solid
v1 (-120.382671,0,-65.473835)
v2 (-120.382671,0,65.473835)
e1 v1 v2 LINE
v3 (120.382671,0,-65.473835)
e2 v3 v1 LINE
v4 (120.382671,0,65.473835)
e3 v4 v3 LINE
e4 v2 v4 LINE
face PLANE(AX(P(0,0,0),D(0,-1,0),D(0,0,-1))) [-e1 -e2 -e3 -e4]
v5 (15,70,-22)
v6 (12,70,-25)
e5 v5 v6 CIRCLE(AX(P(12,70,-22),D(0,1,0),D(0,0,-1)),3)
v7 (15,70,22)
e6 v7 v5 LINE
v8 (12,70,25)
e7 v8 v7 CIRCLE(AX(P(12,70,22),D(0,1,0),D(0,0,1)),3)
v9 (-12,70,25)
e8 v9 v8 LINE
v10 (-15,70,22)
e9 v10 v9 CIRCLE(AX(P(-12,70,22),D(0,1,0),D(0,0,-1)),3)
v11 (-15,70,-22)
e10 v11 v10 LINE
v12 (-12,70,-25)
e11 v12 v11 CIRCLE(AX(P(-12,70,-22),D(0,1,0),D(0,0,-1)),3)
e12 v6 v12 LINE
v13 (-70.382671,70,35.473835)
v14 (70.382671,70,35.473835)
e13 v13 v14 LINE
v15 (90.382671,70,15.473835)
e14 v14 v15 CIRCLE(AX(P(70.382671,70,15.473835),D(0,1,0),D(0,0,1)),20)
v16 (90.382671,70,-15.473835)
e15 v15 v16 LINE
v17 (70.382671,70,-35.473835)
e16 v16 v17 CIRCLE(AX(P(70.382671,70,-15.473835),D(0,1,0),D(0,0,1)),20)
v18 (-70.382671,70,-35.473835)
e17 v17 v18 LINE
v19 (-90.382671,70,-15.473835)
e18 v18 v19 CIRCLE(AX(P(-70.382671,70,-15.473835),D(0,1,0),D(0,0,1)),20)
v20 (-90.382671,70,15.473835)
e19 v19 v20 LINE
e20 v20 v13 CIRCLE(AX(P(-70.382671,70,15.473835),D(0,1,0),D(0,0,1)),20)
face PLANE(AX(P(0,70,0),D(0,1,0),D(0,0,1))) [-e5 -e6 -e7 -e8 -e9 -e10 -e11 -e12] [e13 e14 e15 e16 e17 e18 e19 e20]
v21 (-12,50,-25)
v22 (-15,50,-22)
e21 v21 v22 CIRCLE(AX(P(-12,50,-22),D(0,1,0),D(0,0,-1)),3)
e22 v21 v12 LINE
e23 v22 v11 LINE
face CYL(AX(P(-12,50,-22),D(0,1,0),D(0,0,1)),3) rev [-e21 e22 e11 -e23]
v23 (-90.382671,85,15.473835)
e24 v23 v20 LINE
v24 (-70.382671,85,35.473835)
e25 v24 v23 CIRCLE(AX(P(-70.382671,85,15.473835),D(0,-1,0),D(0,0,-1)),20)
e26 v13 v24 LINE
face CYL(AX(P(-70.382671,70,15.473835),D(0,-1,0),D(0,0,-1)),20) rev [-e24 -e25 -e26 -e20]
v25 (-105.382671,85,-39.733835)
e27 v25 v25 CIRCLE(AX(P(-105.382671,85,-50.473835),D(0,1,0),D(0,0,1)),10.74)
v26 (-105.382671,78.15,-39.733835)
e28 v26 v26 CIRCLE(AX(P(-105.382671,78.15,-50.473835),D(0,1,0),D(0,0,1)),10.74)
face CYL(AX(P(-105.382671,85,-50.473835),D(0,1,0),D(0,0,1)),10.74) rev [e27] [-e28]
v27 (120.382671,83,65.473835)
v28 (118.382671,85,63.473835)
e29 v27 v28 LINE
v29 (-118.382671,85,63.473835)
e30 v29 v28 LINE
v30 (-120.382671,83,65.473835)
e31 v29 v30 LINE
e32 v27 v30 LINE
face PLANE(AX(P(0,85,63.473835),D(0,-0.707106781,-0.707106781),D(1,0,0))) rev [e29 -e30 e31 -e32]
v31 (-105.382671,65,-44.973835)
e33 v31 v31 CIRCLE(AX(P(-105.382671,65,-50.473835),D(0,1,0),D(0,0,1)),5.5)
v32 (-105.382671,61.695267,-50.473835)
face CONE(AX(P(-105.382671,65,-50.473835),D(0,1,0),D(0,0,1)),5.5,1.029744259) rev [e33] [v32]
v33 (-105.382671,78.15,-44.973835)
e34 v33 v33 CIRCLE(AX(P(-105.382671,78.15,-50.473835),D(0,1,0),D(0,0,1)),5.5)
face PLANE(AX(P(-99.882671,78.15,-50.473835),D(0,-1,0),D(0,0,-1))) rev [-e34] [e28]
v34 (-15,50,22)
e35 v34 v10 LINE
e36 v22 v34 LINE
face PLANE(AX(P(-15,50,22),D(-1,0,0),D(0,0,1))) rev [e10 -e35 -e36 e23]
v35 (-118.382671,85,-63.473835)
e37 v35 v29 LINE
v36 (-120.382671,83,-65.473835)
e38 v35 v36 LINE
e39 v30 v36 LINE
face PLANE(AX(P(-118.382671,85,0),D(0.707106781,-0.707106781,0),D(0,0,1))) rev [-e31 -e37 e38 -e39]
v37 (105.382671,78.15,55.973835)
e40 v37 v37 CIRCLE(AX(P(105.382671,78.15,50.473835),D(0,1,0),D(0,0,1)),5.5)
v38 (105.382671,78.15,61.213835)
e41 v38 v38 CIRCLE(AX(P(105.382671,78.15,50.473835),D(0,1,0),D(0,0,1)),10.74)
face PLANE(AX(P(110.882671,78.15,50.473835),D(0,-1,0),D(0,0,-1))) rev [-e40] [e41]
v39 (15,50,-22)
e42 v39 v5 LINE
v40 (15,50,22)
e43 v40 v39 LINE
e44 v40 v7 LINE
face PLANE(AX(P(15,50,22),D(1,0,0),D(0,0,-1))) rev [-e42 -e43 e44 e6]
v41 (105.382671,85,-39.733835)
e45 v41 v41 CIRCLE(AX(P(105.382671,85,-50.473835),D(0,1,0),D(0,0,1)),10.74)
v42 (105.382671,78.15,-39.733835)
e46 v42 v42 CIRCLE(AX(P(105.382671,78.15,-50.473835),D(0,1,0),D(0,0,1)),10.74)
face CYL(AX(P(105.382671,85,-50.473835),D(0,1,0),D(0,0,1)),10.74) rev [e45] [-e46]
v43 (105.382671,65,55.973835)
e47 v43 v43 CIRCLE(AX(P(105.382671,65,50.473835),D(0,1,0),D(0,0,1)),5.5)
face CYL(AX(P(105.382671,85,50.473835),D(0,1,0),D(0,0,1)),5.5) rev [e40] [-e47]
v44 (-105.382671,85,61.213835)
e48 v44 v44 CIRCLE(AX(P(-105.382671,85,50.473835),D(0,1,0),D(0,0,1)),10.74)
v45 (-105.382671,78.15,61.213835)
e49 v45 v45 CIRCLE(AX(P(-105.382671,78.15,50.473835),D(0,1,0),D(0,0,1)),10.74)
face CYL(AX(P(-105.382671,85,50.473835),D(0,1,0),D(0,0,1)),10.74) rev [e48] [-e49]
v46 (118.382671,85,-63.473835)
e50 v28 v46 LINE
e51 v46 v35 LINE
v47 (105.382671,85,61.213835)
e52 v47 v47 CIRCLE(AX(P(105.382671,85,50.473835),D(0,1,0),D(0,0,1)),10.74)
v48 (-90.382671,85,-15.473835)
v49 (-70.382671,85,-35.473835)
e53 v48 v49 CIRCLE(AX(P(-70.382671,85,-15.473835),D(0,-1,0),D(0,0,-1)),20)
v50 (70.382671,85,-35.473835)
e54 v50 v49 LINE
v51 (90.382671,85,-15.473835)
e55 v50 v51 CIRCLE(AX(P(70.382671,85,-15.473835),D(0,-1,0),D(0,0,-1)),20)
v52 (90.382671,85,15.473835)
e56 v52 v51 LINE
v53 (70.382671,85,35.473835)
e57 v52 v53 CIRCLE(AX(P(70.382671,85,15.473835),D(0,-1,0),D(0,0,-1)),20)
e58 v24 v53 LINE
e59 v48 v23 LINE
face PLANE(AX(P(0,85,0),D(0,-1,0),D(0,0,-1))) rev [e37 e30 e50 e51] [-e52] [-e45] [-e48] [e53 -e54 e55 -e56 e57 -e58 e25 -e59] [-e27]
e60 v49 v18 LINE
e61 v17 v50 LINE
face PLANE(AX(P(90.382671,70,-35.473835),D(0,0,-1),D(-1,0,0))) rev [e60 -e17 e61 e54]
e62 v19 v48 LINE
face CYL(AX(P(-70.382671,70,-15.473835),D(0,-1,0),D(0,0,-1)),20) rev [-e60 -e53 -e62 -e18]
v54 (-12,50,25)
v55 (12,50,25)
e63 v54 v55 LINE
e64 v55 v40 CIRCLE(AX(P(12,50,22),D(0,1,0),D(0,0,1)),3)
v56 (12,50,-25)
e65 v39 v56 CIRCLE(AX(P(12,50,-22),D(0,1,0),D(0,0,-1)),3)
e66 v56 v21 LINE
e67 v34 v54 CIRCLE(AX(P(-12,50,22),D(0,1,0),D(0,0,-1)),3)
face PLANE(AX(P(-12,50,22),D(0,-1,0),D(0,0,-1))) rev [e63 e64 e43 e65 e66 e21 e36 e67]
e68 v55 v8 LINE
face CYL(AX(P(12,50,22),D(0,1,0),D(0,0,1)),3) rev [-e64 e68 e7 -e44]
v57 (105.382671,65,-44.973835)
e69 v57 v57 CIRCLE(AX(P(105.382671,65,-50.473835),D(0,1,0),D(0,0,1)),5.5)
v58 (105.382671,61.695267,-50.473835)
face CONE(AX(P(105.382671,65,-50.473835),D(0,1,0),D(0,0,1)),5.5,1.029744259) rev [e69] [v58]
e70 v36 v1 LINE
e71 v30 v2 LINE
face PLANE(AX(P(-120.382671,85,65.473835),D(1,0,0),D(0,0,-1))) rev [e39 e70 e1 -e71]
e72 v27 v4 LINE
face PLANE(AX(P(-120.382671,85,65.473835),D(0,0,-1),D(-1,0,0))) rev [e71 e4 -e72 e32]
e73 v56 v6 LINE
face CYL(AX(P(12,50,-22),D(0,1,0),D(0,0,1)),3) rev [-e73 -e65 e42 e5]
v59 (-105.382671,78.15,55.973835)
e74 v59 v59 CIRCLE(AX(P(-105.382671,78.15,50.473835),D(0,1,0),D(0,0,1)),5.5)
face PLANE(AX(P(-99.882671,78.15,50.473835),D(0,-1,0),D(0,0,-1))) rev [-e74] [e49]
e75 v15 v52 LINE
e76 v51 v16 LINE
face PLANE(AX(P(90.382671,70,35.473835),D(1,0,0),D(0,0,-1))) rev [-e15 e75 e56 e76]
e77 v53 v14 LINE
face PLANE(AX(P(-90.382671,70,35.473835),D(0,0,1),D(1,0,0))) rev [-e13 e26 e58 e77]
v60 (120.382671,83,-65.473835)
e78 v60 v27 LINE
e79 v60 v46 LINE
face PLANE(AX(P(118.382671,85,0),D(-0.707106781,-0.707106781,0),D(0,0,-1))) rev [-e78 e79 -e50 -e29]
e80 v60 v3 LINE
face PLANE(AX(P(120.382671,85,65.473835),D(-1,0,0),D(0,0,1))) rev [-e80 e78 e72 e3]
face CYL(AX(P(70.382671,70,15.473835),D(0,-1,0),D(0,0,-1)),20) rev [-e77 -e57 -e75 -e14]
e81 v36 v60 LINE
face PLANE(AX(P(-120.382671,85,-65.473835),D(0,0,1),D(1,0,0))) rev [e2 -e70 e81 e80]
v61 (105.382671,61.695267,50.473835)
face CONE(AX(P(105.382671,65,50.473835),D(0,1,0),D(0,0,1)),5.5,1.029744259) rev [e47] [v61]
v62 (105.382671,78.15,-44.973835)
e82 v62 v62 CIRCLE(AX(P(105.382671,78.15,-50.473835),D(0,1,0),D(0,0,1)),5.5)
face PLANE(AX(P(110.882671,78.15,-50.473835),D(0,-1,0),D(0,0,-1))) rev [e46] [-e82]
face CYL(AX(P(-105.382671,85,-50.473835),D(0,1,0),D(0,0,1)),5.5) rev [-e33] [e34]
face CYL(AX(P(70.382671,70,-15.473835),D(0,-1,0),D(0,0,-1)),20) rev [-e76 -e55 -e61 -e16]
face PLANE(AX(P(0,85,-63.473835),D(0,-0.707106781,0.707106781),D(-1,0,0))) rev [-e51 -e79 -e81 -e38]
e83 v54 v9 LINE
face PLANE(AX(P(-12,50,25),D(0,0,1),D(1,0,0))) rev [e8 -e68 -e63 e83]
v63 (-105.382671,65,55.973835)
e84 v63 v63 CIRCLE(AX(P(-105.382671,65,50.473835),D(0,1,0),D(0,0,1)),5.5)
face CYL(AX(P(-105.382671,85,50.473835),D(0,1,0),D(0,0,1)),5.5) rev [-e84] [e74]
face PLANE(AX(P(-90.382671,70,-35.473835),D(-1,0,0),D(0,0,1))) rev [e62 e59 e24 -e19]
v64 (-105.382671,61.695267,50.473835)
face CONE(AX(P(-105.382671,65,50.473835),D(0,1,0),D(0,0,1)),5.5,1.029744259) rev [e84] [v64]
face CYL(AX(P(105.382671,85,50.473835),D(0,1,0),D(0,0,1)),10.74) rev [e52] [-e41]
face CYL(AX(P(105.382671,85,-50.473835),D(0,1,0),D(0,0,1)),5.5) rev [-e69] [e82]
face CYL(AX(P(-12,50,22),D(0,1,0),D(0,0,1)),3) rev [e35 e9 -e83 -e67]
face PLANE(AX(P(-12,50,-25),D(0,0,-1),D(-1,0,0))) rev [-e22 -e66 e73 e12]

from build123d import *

# Parameters (mm, degrees)
SKETCH3_W                                = 240.765342714
SKETCH3_H                                = 130.947670476
BOSS_EXTRUDE2_DEPTH                      = 85
SKETCH4_W                                = 180.765342714
SKETCH4_H                                = 70.947670476
CUT_EXTRUDE1_DEPTH                       = 15
CBORE_FOR_M10_HEX_HEAD_BOLT1_D           = 11
CBORE_FOR_M10_HEX_HEAD_BOLT1_DEPTH       = 20
CBORE_FOR_M10_HEX_HEAD_BOLT1_CBORE_D     = 21.48
CBORE_FOR_M10_HEX_HEAD_BOLT1_CBORE_DEPTH = 6.85
CBORE_FOR_M10_HEX_HEAD_BOLT1_TIP         = 3.304733405
FILLET1_R                                = 20
CHAMFER1_SIZE                            = 2
CUT_EXTRUDE2_DEPTH                       = 20


with BuildPart() as part:
    # Sketch3 → Boss-Extrude2 (new body)
    with BuildSketch(Plane(origin=(0, 0, 0), x_dir=(1, 0, 0), z_dir=(0, 1, 0))):
        Rectangle(SKETCH3_W, SKETCH3_H)
    extrude(amount=BOSS_EXTRUDE2_DEPTH)

    # Sketch4 → Cut-Extrude1 (cut)
    with BuildSketch(Plane(origin=(0, 85, 0), x_dir=(1, 0, 0), z_dir=(0, 1, 0))):
        Rectangle(SKETCH4_W, SKETCH4_H)
    extrude(amount=-CUT_EXTRUDE1_DEPTH, mode=Mode.SUBTRACT)

    # CBORE for M10 Hex Head Bolt1
    with Locations(Plane(origin=(-105.382671357, 85, -50.473835238), x_dir=(0, 0, 1), z_dir=(0, 1, 0))):
        with Locations((0, 0), (100.947670476, 0), (0, 210.765342714), (100.947670476, 210.765342714)):
            CounterBoreHole(CBORE_FOR_M10_HEX_HEAD_BOLT1_D / 2, CBORE_FOR_M10_HEX_HEAD_BOLT1_CBORE_D / 2, CBORE_FOR_M10_HEX_HEAD_BOLT1_CBORE_DEPTH, depth=CBORE_FOR_M10_HEX_HEAD_BOLT1_DEPTH)
            with Locations((0, 0, -(CBORE_FOR_M10_HEX_HEAD_BOLT1_DEPTH + CBORE_FOR_M10_HEX_HEAD_BOLT1_TIP / 2))):  # 118° drill point
                Cone(0, CBORE_FOR_M10_HEX_HEAD_BOLT1_D / 2, CBORE_FOR_M10_HEX_HEAD_BOLT1_TIP, mode=Mode.SUBTRACT)

    # Fillet1
    fillet1_edges = [part.edges().sort_by_distance(p)[0] for p in [
        (90.382671357, 77.5, 35.473835238),
        (-90.382671357, 77.5, 35.473835238),
        (-90.382671357, 77.5, -35.473835238),
        (90.382671357, 77.5, -35.473835238),
    ]]
    fillet(fillet1_edges, radius=FILLET1_R)

    # Chamfer1
    chamfer1_edges = [part.edges().sort_by_distance(p)[0] for p in [
        (-120.382671357, 85, 0),
        (0, 85, 65.473835238),
        (120.382671357, 85, 0),
        (0, 85, -65.473835238),
    ]]
    chamfer(chamfer1_edges, length=CHAMFER1_SIZE)

    # Sketch7 → Cut-Extrude2 (cut)
    with BuildSketch(Plane(origin=(0, 70, 0), x_dir=(1, 0, 0), z_dir=(0, 1, 0))):
        with BuildLine():
            Line((-12, -25), (12, -25))
            ThreePointArc((12, -25), (14.121320344, -24.121320344), (15, -22))
            Line((15, -22), (15, 22))
            ThreePointArc((15, 22), (14.121320344, 24.121320344), (12, 25))
            Line((12, 25), (-12, 25))
            ThreePointArc((-12, 25), (-14.121320344, 24.121320344), (-15, 22))
            Line((-15, 22), (-15, -22))
            ThreePointArc((-15, -22), (-14.121320344, -24.121320344), (-12, -25))
        make_face()
    extrude(amount=-CUT_EXTRUDE2_DEPTH, mode=Mode.SUBTRACT)


solid = part.part
